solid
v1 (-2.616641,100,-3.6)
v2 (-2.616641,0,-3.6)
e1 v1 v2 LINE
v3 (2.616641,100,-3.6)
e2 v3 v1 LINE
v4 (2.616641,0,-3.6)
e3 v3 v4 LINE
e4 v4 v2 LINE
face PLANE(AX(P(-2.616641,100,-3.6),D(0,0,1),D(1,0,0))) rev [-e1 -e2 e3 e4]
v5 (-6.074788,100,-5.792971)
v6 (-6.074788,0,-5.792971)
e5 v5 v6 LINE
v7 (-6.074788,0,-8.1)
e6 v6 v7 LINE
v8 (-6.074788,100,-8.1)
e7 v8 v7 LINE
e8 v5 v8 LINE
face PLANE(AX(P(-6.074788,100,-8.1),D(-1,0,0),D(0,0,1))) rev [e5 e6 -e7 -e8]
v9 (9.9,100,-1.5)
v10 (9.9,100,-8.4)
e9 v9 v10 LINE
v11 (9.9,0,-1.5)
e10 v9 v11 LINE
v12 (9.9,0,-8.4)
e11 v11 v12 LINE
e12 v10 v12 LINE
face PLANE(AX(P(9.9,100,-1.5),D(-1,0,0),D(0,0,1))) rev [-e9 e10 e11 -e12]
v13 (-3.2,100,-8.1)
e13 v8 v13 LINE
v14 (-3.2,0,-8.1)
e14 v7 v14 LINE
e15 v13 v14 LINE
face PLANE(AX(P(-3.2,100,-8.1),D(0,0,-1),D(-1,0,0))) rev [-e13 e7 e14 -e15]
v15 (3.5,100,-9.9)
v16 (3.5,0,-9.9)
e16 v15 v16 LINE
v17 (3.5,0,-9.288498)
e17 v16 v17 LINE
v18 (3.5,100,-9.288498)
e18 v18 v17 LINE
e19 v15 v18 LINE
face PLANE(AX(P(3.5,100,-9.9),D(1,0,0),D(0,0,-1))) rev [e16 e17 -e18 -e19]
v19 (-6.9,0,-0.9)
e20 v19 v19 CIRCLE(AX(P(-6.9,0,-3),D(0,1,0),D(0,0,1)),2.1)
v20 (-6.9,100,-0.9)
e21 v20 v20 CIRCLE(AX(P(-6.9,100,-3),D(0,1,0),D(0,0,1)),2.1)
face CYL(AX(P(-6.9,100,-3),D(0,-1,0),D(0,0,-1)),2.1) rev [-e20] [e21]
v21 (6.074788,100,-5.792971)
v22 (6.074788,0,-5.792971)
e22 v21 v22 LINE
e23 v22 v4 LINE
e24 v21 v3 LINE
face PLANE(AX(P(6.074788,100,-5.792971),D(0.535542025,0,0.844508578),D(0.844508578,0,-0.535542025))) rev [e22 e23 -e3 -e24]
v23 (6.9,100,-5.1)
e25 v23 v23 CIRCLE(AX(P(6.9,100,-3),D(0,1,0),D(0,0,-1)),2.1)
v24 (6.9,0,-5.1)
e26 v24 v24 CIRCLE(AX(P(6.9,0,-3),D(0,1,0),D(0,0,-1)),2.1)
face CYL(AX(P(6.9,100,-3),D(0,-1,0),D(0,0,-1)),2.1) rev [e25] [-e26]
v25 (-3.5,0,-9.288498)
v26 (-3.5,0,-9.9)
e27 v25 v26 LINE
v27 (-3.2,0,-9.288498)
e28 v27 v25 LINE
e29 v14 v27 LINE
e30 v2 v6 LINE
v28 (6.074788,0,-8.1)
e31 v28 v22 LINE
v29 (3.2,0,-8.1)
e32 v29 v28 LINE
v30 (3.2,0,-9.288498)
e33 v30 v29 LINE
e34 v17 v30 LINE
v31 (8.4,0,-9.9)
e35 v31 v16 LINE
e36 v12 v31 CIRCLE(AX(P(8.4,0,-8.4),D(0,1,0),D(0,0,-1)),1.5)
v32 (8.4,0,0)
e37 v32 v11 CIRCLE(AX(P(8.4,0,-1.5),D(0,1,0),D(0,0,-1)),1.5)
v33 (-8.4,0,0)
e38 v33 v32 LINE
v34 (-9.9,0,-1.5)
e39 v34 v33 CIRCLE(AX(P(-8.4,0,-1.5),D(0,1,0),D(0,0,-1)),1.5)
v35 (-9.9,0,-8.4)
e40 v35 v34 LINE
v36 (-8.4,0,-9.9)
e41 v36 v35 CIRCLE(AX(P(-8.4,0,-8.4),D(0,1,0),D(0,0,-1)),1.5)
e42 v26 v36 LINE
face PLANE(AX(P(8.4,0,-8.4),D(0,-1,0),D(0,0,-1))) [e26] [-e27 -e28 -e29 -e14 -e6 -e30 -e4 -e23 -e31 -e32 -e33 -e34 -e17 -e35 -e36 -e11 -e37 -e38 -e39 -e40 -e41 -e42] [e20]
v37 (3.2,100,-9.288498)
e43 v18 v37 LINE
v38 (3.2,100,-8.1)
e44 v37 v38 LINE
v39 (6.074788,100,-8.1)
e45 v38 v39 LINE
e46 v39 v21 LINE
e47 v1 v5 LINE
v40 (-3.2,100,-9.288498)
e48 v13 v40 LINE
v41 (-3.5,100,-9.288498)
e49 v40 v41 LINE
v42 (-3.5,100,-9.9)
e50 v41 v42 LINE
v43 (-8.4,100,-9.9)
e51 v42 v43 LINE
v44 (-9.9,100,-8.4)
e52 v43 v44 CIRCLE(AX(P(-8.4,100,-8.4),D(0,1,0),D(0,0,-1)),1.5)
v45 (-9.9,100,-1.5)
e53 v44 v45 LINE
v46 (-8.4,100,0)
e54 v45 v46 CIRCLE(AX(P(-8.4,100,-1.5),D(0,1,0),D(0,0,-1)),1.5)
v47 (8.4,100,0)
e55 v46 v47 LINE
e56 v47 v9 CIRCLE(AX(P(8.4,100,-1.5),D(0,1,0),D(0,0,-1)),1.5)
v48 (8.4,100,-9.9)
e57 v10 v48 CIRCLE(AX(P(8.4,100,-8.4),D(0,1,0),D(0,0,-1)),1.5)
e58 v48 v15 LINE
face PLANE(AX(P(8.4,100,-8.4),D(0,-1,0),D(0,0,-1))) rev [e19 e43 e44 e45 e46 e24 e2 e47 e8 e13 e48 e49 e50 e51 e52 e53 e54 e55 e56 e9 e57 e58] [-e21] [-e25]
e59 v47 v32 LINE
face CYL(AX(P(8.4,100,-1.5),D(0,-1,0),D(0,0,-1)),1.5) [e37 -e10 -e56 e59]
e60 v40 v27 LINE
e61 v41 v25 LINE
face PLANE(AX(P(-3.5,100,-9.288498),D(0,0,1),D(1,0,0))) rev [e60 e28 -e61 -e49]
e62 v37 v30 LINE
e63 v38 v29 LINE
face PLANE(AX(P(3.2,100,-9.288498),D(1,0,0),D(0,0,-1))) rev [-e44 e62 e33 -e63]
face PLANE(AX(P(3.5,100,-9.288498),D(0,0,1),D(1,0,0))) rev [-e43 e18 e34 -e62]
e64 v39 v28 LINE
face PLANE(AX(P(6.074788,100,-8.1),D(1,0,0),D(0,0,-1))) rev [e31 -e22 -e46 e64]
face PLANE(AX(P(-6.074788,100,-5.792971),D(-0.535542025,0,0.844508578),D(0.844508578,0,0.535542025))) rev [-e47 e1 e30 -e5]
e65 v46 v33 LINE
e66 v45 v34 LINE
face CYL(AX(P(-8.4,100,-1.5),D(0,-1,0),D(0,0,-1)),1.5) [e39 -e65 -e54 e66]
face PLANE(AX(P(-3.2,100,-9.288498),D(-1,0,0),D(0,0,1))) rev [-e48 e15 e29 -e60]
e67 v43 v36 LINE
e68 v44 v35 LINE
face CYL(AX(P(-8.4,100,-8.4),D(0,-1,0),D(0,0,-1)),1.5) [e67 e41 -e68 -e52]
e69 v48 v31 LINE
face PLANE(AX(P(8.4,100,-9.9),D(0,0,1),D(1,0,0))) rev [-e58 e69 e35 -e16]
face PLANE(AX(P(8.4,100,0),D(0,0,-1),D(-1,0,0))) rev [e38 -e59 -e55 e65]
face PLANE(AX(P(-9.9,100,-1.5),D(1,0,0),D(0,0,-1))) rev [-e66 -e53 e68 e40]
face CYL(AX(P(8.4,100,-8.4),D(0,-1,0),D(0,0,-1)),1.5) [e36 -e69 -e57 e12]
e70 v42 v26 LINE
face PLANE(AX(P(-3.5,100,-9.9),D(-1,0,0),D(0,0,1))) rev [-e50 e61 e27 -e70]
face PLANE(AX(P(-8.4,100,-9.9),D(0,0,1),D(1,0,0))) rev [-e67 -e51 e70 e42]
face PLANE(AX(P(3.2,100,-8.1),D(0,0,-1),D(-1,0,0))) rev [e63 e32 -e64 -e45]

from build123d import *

# Parameters (mm, degrees)
SKETCH_1_R      = 2.1
EXTRUDE_1_DEPTH = 100


with BuildPart() as part:
    # 草图1 → 凸台-拉伸1 (new body)
    with BuildSketch(Plane(origin=(0, 0, 0), x_dir=(1, 0, 0), z_dir=(0, 1, 0))):
        with BuildLine():
            Line((8.4, 0), (-8.4, 0))
            ThreePointArc((-8.4, 0), (-9.460660172, 0.439339828), (-9.9, 1.5))
            Line((-9.9, 1.5), (-9.9, 8.4))
            ThreePointArc((-9.9, 8.4), (-9.460660172, 9.460660172), (-8.4, 9.9))
            Line((-8.4, 9.9), (-3.5, 9.9))
            Line((-3.5, 9.9), (-3.5, 9.288498403))
            Line((-3.5, 9.288498403), (-3.2, 9.288498403))
            Line((-3.2, 9.288498403), (-3.2, 8.1))
            Line((-3.2, 8.1), (-6.074788311, 8.1))
            Line((-6.074788311, 8.1), (-6.074788311, 5.792971246))
            Line((-6.074788311, 5.792971246), (-2.616641346, 3.6))
            Line((-2.616641346, 3.6), (2.616641346, 3.6))
            Line((2.616641346, 3.6), (6.074788311, 5.792971246))
            Line((6.074788311, 5.792971246), (6.074788311, 8.1))
            Line((6.074788311, 8.1), (3.2, 8.1))
            Line((3.2, 8.1), (3.2, 9.288498403))
            Line((3.2, 9.288498403), (3.5, 9.288498403))
            Line((3.5, 9.288498403), (3.5, 9.9))
            Line((3.5, 9.9), (8.4, 9.9))
            ThreePointArc((8.4, 9.9), (9.460660172, 9.460660172), (9.9, 8.4))
            Line((9.9, 8.4), (9.9, 1.5))
            ThreePointArc((9.9, 1.5), (9.460660172, 0.439339828), (8.4, 0))
        make_face()
        with Locations(Location((-6.9, 3, 0), (0, 0, 270))):
            Circle(SKETCH_1_R, mode=Mode.SUBTRACT)
        with Locations(Location((6.9, 3, 0), (0, 0, 90))):
            Circle(SKETCH_1_R, mode=Mode.SUBTRACT)
    extrude(amount=EXTRUDE_1_DEPTH)


solid = part.part
